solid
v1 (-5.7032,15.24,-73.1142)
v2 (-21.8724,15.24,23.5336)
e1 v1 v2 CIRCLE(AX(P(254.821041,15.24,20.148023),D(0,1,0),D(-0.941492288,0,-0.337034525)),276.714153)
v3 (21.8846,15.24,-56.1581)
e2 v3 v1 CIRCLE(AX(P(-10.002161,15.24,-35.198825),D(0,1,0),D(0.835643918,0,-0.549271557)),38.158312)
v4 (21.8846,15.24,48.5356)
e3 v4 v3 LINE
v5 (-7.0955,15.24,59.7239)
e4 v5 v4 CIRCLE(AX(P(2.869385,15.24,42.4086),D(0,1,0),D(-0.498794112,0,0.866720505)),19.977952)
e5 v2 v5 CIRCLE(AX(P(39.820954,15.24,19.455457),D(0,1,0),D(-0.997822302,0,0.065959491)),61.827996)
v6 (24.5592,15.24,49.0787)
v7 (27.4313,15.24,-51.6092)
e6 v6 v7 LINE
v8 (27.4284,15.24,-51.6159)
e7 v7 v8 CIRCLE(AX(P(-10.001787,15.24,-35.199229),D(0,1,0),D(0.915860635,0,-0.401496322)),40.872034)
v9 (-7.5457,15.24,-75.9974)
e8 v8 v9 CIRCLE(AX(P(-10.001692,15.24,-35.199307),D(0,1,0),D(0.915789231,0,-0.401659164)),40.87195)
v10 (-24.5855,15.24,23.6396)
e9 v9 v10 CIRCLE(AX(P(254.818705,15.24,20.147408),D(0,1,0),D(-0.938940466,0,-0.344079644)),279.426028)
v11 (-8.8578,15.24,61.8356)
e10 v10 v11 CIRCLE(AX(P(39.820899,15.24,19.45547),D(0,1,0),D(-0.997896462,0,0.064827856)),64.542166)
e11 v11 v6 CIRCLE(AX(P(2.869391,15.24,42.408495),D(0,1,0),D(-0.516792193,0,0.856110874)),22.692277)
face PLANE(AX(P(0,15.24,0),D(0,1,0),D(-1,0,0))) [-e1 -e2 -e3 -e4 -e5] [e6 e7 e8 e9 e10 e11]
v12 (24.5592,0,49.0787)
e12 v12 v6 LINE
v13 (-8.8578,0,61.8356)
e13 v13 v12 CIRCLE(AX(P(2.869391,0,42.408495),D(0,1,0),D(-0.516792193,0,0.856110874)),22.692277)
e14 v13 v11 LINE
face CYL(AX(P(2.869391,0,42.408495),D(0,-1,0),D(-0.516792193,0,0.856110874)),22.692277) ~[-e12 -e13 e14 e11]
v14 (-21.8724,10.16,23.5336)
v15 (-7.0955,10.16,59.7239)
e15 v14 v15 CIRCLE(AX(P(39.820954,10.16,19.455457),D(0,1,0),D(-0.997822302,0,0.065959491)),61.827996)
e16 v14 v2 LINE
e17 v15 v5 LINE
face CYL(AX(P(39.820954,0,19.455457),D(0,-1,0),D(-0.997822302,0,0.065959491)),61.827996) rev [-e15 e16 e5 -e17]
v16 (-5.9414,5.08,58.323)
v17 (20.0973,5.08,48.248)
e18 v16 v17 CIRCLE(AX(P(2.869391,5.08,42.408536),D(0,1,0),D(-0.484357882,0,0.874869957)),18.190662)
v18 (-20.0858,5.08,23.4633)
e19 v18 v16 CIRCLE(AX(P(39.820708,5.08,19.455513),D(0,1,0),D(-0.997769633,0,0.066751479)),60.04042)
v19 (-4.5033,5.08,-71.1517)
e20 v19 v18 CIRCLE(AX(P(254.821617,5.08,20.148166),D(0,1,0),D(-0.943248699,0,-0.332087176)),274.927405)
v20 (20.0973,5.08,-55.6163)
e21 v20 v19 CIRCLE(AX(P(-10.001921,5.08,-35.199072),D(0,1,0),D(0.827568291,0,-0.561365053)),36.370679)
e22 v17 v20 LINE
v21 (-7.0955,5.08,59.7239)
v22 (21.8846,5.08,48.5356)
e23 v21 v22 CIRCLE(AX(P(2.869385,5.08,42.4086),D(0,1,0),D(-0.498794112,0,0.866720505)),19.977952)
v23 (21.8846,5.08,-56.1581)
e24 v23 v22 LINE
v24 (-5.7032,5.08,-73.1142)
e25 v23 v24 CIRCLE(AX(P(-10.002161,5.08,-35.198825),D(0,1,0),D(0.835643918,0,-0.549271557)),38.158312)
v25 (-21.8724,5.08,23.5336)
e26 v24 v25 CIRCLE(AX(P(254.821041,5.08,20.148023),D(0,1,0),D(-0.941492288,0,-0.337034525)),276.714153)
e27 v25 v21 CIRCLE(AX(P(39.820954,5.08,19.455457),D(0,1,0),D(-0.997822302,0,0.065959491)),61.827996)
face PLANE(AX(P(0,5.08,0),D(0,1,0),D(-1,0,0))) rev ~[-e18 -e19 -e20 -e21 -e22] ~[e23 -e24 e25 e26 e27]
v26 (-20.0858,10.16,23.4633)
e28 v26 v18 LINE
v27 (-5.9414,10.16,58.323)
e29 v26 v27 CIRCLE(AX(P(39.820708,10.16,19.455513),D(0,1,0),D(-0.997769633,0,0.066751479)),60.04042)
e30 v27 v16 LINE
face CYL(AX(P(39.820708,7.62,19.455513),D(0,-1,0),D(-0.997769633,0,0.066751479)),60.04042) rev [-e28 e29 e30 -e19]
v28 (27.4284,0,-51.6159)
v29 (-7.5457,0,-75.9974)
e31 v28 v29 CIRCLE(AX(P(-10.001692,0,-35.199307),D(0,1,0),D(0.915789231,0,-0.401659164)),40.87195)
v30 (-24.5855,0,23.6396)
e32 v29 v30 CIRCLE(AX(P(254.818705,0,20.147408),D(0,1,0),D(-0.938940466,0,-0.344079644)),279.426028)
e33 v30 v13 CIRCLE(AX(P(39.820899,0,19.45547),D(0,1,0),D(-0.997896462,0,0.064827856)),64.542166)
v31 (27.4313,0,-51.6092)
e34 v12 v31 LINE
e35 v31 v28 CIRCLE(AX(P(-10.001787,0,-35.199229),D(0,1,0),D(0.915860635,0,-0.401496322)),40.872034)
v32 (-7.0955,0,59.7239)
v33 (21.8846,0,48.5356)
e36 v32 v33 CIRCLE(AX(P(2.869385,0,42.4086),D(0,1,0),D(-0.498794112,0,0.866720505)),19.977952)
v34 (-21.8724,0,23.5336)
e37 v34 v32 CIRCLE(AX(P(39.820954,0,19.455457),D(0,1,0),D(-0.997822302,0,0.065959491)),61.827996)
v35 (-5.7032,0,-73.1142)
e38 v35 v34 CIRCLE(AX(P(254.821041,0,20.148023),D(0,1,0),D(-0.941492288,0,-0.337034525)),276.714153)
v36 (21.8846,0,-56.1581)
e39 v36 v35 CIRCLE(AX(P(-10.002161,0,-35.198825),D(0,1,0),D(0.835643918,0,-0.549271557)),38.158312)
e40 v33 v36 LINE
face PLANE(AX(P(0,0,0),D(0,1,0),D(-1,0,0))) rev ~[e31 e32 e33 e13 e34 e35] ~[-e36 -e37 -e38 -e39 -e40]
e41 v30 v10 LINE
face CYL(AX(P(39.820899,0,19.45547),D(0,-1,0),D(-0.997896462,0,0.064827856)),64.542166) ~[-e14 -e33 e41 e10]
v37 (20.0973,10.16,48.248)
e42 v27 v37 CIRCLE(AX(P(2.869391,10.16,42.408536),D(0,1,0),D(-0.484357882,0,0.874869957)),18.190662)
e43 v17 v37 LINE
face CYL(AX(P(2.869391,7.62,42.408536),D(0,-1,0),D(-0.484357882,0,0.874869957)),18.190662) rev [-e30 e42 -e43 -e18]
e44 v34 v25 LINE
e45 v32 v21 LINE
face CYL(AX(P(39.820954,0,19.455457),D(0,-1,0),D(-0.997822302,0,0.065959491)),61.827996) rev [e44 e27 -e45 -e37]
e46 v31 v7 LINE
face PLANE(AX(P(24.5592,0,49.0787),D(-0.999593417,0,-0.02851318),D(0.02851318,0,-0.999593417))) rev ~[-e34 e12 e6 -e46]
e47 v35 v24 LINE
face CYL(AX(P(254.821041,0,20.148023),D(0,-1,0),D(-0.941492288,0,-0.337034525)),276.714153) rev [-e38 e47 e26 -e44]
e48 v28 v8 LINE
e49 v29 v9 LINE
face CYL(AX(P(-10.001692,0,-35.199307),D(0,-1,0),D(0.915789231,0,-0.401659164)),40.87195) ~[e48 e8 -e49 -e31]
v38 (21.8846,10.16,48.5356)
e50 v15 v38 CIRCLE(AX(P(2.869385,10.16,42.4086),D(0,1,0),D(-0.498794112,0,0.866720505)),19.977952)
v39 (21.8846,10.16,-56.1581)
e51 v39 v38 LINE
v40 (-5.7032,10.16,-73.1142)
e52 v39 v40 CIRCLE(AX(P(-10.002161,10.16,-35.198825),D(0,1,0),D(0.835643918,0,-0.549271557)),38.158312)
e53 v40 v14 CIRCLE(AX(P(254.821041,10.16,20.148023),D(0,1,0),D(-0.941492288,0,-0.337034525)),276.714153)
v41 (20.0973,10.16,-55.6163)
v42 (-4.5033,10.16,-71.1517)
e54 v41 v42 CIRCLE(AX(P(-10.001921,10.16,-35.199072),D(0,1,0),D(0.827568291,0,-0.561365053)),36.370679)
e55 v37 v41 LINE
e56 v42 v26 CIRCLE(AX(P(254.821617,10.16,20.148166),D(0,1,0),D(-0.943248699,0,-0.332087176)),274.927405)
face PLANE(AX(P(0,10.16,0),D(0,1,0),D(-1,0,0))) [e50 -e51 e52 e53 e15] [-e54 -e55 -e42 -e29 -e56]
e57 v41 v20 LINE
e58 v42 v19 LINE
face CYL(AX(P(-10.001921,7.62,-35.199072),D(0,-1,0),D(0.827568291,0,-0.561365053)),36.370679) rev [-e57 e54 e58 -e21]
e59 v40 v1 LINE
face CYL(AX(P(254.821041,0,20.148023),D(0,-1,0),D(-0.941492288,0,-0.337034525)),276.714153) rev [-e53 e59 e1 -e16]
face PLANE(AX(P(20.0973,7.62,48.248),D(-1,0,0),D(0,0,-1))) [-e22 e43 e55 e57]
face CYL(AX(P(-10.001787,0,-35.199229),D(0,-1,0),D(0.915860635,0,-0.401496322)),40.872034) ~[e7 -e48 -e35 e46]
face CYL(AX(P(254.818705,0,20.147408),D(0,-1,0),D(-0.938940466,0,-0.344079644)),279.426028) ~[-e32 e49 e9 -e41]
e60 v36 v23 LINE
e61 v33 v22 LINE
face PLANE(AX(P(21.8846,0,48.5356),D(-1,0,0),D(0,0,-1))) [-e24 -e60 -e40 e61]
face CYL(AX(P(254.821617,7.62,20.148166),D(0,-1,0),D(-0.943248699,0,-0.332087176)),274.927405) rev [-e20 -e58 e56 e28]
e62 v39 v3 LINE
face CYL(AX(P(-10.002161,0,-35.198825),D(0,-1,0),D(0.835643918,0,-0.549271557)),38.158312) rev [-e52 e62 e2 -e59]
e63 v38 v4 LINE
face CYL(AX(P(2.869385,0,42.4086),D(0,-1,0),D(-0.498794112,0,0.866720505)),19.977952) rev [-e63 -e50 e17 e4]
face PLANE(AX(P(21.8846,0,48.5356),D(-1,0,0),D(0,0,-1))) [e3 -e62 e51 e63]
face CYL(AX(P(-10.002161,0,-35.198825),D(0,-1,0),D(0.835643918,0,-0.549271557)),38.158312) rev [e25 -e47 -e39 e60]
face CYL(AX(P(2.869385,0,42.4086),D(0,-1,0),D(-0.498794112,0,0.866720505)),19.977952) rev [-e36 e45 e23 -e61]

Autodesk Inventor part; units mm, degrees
ref_plane "YZ Plane" through (0, 0, 0) normal (1, 0, 0) x (0, 1, 0)
ref_plane "XY Plane" through (0, 0, 0) normal (0, 0, 1) x (1, 0, 0)
sketch "Sketch1" plane through (0, 0, 0) normal (0, 1, 0) x (-1, 0, 0)
  arc A0 (24.5855, 23.6396) -> (8.8578, 61.8356) centre (-39.8212, 19.4554) ccw
  arc A1 (8.8578, 61.8356) -> (-24.5592, 49.0787) centre (-2.8694, 42.4084) ccw
  arc A2 (-27.4284, -51.6159) -> (7.5457, -75.9974) centre (10.0017, -35.1993) ccw
  arc A3 (7.5457, -75.9974) -> (24.5855, 23.6396) centre (-254.8198, 20.1477) ccw
  arc A4 (21.8724, 23.5336) -> (7.0955, 59.7239) centre (-39.8212, 19.4554) ccw
  arc A5 (7.0955, 59.7239) -> (-21.8846, 48.5356) centre (-2.8694, 42.4084) ccw
  arc A6 (-21.8846, -56.1581) -> (5.7032, -73.1142) centre (10.0017, -35.1993) ccw
  arc A7 (5.7032, -73.1142) -> (21.8724, 23.5336) centre (-254.8198, 20.1477) ccw
  line L0 (-21.8846, 48.5356) -> (-21.8846, -56.1581)
  line L1 (-24.5592, 49.0787) -> (-27.4313, -51.6092)
  arc A8 (24.5855, 23.6396) -> (8.8578, 61.8356) centre (-39.8212, 19.4554) ccw
  arc A9 (8.8578, 61.8356) -> (-24.5592, 49.0787) centre (-2.8694, 42.4084) ccw
  arc A10 (-27.4313, -51.6092) -> (7.5457, -75.9974) centre (10.0017, -35.1993) ccw
  arc A11 (7.5457, -75.9974) -> (24.5855, 23.6396) centre (-254.8198, 20.1477) ccw
  line L2 (-24.5592, 49.0787) -> (-27.4313, -51.6092)
  point P0 (0, 0)
extrude "Extrusion1" add sketch "Sketch1" along normal blind 15.24
sketch "Sketch2" plane through (0, 0, 0) normal (0, 1, 0) x (-1, 0, 0)
  arc A0 (21.8724, 23.5336) -> (7.0955, 59.7239) centre (-39.8212, 19.4554) ccw projected
  arc A1 (5.7032, -73.1142) -> (21.8724, 23.5336) centre (-254.8198, 20.1477) ccw projected
  arc A2 (-21.8846, -56.1581) -> (5.7032, -73.1142) centre (10.0017, -35.1993) ccw projected
  line L0 (-21.8846, -56.1581) -> (-21.8846, 48.5356) projected
  arc A3 (7.0955, 59.7239) -> (-21.8846, 48.5356) centre (-2.8694, 42.4084) ccw projected
  arc A4 (20.2233, 23.4688) -> (6.03, 58.4313) centre (-39.8212, 19.4554) ccw
  arc A5 (6.03, 58.4313) -> (-20.235, 48.2707) centre (-2.8694, 42.4084) ccw
  line L1 (-20.235, 48.2707) -> (-20.235, -55.6586)
  arc A6 (-20.235, -55.6586) -> (4.5953, -71.3048) centre (10.0017, -35.1993) ccw
  arc A7 (4.5953, -71.3048) -> (20.2233, 23.4688) centre (-254.8198, 20.1477) ccw
  arc A8 (21.96, 23.537) -> (7.1522, 59.7924) centre (-39.8212, 19.4554) ccw
  arc A9 (7.1522, 59.7924) -> (-21.9723, 48.5494) centre (-2.8694, 42.4084) ccw
  line L2 (-21.9723, 48.5494) -> (-21.9723, -56.1844)
  arc A10 (-21.9723, -56.1844) -> (5.7624, -73.209) centre (10.0017, -35.1993) ccw
  arc A11 (5.7624, -73.209) -> (21.96, 23.537) centre (-254.8198, 20.1477) ccw
  point P0 (0, 0)
ref_plane "Work Plane2" through (0, 7.62, 0) normal (0, 1, 0) x (-1, 0, 0)
sketch "Sketch3" plane through (0, 7.62, 0) normal (0, 1, 0) x (-1, 0, 0)
  arc A0 (21.8724, 23.5336) -> (7.0955, 59.7239) centre (-39.8212, 19.4554) ccw projected
  arc A1 (5.7032, -73.1142) -> (21.8724, 23.5336) centre (-254.8198, 20.1477) ccw projected
  arc A2 (-21.8846, -56.1581) -> (5.7032, -73.1142) centre (10.0017, -35.1993) ccw projected
  arc A3 (5.7032, -73.1142) -> (21.8724, 23.5336) centre (-254.8198, 20.1477) ccw projected
  arc A4 (-21.8846, -56.1581) -> (5.7032, -73.1142) centre (10.0017, -35.1993) ccw projected
  line L0 (-21.8846, -56.1581) -> (-21.8846, 48.5356) projected
  arc A5 (7.0955, 59.7239) -> (-21.8846, 48.5356) centre (-2.8694, 42.4084) ccw projected
  arc A6 (21.8724, 23.5336) -> (7.0955, 59.7239) centre (-39.8212, 19.4554) ccw projected
  arc A7 (8.8578, 61.8356) -> (-24.5592, 49.0787) centre (-2.8694, 42.4084) ccw projected
  line L1 (-24.5592, 49.0787) -> (-27.4313, -51.6092) projected
  arc A8 (-27.4313, -51.6092) -> (7.5457, -75.9974) centre (10.0017, -35.1993) ccw projected
  arc A9 (7.5457, -75.9974) -> (24.5855, 23.6396) centre (-254.8198, 20.1477) ccw projected
  arc A10 (24.5855, 23.6396) -> (8.8578, 61.8356) centre (-39.8212, 19.4554) ccw projected
  arc A11 (20.0927, 23.4636) -> (5.7444, 58.5644) centre (-39.8212, 19.4554) ccw
  arc A12 (4.508, -71.1594) -> (20.0927, 23.4636) centre (-254.8198, 20.1477) ccw
  arc A13 (-20.3969, -55.1802) -> (4.508, -71.1594) centre (10.0017, -35.1993) ccw
  line L2 (-20.0973, 48.248) -> (-20.0973, -55.6163)
  arc A14 (-20.0973, -55.6163) -> (4.5033, -71.1517) centre (10.0017, -35.1993) ccw
  arc A15 (4.5033, -71.1517) -> (20.0858, 23.4633) centre (-254.8198, 20.1477) ccw
  arc A16 (20.0858, 23.4633) -> (5.9414, 58.323) centre (-39.8212, 19.4554) ccw
  arc A17 (5.9414, 58.323) -> (-20.0973, 48.248) centre (-2.8694, 42.4084) ccw
  arc A18 (21.9213, 23.5355) -> (7.1272, 59.7622) centre (-39.8212, 19.4554) ccw
  arc A19 (5.7363, -73.1672) -> (21.9213, 23.5355) centre (-254.8198, 20.1477) ccw
  arc A20 (-21.9336, -56.1728) -> (5.7363, -73.1672) centre (10.0017, -35.1993) ccw
  line L3 (-21.9336, -56.1728) -> (-21.9336, 48.5433)
  arc A21 (7.1272, 59.7622) -> (-21.9336, 48.5433) centre (-2.8694, 42.4084) ccw
  point P0 (0, 0)
extrude "Extrusion2" add sketch "Sketch3" along normal mid plane 5.08 contours A1 A2 L0 A5 A0
properties part number "track" material "PBT Plastic"
